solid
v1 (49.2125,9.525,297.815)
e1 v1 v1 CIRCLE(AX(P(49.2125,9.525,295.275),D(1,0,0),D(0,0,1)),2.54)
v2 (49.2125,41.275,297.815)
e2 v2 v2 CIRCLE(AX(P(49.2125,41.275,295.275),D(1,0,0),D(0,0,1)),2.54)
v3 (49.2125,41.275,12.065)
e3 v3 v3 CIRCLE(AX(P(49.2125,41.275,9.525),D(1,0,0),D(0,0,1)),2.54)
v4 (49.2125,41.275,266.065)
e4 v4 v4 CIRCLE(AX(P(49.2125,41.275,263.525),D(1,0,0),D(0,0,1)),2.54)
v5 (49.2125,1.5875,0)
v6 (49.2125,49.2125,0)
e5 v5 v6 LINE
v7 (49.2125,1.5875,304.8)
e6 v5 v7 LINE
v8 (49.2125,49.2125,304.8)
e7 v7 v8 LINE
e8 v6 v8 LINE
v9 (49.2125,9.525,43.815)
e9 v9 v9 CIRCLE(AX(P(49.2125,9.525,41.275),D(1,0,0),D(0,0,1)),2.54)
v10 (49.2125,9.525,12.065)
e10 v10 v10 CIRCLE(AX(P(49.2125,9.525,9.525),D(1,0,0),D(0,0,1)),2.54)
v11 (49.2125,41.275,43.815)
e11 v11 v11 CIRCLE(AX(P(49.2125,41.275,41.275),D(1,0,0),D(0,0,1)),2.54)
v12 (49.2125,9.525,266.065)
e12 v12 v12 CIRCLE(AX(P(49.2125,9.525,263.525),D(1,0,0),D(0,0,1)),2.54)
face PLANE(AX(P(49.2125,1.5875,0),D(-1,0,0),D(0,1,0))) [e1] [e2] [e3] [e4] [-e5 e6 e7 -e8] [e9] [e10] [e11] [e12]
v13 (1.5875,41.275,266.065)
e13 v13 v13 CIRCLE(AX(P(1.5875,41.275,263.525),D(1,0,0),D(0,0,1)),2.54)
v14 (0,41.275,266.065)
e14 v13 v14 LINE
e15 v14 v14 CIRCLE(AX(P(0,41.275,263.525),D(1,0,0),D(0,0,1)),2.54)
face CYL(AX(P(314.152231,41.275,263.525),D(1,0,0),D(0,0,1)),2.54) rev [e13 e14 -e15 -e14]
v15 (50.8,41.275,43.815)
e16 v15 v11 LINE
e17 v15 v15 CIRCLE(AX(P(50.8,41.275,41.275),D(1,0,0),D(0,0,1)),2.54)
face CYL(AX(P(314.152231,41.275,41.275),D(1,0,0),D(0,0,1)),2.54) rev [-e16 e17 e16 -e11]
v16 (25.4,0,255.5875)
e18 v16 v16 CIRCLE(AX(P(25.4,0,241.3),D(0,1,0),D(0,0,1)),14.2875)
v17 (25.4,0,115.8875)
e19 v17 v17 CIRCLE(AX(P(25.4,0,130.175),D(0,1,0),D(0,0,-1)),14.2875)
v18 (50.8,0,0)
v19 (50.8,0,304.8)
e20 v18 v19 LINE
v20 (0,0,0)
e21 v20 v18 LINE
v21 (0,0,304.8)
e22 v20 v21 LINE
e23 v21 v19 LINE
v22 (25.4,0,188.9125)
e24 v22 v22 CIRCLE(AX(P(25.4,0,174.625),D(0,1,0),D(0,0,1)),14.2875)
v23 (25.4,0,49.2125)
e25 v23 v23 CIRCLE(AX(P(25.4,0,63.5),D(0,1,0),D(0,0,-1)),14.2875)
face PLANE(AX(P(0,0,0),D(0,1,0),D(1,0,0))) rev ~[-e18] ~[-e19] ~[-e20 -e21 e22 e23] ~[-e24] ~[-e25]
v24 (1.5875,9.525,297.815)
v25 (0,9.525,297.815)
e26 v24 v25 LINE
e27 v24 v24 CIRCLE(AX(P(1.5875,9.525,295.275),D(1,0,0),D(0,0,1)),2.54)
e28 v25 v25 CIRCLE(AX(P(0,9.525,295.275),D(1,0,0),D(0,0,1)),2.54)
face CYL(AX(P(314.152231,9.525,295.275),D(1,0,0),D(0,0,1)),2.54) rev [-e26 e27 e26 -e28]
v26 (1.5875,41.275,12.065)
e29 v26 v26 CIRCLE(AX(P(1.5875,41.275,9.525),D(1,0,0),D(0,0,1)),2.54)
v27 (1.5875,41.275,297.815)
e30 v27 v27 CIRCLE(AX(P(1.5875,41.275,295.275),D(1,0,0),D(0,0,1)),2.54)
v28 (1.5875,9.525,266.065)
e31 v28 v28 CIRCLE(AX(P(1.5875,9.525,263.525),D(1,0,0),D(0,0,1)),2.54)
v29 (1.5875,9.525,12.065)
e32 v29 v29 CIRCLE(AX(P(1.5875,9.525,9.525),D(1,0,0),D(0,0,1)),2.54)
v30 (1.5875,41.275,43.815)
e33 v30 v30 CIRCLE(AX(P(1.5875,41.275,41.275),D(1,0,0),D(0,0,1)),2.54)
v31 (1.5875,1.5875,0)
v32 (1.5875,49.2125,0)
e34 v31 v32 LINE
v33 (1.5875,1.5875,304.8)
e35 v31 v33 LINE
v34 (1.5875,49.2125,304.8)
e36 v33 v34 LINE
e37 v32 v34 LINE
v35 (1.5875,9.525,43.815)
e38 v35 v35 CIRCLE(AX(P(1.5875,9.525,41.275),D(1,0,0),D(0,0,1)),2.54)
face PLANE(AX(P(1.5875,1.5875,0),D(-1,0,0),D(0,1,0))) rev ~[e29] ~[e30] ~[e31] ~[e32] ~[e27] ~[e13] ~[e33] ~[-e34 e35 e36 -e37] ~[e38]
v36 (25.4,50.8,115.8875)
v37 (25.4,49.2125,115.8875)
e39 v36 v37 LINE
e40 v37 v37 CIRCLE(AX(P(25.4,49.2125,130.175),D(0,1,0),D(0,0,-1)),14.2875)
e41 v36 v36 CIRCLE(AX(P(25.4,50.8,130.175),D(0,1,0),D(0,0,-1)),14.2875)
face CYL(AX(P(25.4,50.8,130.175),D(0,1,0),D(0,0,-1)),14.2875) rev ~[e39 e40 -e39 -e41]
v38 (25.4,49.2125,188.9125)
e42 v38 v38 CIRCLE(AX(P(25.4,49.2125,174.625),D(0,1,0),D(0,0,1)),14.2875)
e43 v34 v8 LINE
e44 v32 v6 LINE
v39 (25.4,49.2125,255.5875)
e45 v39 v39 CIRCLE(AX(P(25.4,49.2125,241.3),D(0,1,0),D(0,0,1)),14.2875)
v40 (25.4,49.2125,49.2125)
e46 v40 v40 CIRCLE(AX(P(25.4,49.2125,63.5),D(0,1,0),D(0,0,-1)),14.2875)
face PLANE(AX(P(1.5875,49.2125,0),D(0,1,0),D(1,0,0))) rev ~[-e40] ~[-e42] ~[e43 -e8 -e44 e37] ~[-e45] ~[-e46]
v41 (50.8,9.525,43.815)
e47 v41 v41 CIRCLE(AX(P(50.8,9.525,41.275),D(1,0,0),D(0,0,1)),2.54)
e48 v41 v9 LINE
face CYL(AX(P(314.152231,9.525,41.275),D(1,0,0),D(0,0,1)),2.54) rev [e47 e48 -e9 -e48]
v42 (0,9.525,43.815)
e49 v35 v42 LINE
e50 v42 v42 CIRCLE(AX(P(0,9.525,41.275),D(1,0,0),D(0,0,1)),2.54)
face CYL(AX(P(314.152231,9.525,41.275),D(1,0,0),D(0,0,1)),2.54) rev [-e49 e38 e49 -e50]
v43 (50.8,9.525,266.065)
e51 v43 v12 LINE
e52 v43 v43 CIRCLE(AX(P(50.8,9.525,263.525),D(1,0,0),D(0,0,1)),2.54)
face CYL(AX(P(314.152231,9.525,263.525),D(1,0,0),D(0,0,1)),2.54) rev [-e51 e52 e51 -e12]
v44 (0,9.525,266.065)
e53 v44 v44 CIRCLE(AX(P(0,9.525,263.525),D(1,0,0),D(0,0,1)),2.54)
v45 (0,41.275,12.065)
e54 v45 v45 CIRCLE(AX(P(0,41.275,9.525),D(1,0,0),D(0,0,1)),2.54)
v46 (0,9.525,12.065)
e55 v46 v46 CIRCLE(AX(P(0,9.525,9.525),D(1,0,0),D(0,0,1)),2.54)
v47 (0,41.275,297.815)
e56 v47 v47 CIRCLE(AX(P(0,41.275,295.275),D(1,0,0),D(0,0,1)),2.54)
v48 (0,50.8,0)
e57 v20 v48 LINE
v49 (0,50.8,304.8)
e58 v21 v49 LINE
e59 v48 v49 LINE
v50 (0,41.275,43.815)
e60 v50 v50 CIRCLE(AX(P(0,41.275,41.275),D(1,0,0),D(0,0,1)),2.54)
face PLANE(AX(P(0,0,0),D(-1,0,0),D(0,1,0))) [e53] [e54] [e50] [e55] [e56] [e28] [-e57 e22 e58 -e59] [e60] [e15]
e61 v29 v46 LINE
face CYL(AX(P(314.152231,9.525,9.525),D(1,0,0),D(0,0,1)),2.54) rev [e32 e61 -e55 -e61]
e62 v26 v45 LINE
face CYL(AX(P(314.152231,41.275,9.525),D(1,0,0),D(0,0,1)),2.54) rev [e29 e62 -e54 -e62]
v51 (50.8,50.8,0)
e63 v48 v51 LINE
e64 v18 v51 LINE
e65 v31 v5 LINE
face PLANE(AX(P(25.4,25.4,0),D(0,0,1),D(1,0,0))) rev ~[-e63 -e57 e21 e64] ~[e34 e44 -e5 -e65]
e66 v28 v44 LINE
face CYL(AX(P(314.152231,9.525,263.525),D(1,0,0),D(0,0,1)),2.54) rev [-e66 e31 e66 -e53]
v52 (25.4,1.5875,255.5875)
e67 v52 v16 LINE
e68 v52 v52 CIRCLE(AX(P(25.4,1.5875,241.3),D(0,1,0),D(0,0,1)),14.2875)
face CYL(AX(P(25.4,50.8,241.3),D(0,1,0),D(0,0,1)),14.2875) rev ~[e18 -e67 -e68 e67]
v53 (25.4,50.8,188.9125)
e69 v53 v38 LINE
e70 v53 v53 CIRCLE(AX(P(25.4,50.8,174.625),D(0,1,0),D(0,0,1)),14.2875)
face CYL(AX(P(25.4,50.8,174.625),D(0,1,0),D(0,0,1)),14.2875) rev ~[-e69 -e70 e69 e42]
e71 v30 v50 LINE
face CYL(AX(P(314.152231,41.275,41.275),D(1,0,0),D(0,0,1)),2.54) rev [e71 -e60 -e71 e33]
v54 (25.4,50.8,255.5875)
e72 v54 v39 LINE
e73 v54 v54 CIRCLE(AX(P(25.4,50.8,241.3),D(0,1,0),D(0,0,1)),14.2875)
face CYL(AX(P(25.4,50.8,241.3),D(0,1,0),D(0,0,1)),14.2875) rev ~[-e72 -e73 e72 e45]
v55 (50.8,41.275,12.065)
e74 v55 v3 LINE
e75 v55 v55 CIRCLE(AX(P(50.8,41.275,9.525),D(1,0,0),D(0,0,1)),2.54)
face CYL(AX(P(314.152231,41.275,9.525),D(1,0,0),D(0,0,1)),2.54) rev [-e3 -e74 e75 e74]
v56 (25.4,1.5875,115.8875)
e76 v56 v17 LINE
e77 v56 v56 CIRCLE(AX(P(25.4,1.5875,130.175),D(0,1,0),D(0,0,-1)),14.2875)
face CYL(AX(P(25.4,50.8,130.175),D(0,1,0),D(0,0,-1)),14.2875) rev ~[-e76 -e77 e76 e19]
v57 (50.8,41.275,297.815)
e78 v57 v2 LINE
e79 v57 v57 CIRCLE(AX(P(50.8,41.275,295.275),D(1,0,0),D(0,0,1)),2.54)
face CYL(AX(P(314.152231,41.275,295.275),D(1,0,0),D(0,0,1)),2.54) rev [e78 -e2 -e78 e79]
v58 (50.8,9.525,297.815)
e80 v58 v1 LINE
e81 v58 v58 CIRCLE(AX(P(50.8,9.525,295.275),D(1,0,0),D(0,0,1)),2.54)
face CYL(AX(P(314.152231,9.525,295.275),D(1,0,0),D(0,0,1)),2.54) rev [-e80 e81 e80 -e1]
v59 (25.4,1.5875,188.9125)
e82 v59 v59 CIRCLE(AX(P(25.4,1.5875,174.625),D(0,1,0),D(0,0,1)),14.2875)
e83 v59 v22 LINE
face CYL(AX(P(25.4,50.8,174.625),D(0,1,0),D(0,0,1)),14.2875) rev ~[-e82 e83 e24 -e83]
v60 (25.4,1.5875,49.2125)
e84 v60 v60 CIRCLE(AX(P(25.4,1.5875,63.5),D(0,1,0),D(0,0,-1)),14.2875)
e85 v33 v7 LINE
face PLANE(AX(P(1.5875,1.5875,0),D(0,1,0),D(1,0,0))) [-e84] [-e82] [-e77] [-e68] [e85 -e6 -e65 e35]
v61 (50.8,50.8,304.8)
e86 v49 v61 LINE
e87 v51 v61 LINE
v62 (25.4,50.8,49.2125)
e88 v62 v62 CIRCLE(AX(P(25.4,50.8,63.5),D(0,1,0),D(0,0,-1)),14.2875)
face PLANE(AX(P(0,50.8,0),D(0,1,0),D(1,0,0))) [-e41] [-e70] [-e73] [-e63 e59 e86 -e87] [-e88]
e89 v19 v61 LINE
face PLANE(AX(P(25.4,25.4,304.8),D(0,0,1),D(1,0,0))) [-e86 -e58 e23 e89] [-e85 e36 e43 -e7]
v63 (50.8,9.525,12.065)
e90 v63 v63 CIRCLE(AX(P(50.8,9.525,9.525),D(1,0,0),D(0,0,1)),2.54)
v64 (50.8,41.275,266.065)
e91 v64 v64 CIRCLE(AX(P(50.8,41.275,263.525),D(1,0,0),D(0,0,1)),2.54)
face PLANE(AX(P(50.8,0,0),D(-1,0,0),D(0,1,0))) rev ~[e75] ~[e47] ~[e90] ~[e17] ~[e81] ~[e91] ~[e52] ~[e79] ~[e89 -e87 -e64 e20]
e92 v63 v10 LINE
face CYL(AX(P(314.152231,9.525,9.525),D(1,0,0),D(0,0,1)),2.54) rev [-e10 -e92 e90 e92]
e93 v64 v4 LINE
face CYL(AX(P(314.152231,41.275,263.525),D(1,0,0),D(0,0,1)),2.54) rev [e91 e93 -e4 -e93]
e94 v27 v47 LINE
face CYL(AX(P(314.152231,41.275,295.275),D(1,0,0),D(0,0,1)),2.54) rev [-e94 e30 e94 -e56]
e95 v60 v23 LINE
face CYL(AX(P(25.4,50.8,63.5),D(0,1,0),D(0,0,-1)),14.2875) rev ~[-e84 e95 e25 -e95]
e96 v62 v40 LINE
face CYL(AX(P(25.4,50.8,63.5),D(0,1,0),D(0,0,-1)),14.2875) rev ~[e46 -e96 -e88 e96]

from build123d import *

# Parameters (mm, degrees)
SKETCH2_W               = 50.8
SKETCH2_H               = 50.8
SKETCH2_W_2             = 47.625
SKETCH2_H_2             = 47.625
BOSS_EXTRUDE1_DEPTH     = 304.8
SKETCH3_R               = 14.2875
CUT_EXTRUDE1_DEPTH      = 314.152231351
CUT_EXTRUDE2_DEPTH      = 314.152231351
CUT_EXTRUDE2_DEPTH_BACK = 314.152231351
SKETCH4_R               = 2.54


with BuildPart() as part:
    # Sketch2 → Boss-Extrude1 (new body)
    with BuildSketch(Plane.XY):
        with Locations((25.4, 25.4)):
            Rectangle(SKETCH2_W, SKETCH2_H)
        with Locations((25.4, 25.4)):
            Rectangle(SKETCH2_W_2, SKETCH2_H_2, mode=Mode.SUBTRACT)
    extrude(amount=BOSS_EXTRUDE1_DEPTH)

    # Sketch3 → Cut-Extrude1 (cut, through all)
    with BuildSketch(Plane(origin=(0, 50.8, 0), x_dir=(1, 0, 0), z_dir=(0, 1, 0))):
        with Locations(Location((25.4, -241.3, 0), (0, 0, 270))):
            Circle(SKETCH3_R)
        with Locations(Location((25.4, -174.625, 0), (0, 0, 270))):
            Circle(SKETCH3_R)
        with Locations(Location((25.4, -130.175, 0), (0, 0, 90))):
            Circle(SKETCH3_R)
        with Locations(Location((25.4, -63.5, 0), (0, 0, 90))):
            Circle(SKETCH3_R)
    extrude(amount=-CUT_EXTRUDE1_DEPTH, mode=Mode.SUBTRACT)

    # Sketch4 → Cut-Extrude2 (cut, two sides: drawn at the far end of the back side and taken through both)
    with BuildSketch(Plane.ZY.offset(-CUT_EXTRUDE2_DEPTH_BACK)):
        with Locations((9.525, 41.275)):
            Circle(SKETCH4_R)
        with Locations((9.525, 9.525)):
            Circle(SKETCH4_R)
        with Locations((41.275, 41.275)):
            Circle(SKETCH4_R)
        with Locations((41.275, 9.525)):
            Circle(SKETCH4_R)
        with Locations((263.525, 9.525)):
            Circle(SKETCH4_R)
        with Locations((263.525, 41.275)):
            Circle(SKETCH4_R)
        with Locations((295.275, 9.525)):
            Circle(SKETCH4_R)
        with Locations((295.275, 41.275)):
            Circle(SKETCH4_R)
    extrude(amount=CUT_EXTRUDE2_DEPTH + CUT_EXTRUDE2_DEPTH_BACK, mode=Mode.SUBTRACT)


solid = part.part
